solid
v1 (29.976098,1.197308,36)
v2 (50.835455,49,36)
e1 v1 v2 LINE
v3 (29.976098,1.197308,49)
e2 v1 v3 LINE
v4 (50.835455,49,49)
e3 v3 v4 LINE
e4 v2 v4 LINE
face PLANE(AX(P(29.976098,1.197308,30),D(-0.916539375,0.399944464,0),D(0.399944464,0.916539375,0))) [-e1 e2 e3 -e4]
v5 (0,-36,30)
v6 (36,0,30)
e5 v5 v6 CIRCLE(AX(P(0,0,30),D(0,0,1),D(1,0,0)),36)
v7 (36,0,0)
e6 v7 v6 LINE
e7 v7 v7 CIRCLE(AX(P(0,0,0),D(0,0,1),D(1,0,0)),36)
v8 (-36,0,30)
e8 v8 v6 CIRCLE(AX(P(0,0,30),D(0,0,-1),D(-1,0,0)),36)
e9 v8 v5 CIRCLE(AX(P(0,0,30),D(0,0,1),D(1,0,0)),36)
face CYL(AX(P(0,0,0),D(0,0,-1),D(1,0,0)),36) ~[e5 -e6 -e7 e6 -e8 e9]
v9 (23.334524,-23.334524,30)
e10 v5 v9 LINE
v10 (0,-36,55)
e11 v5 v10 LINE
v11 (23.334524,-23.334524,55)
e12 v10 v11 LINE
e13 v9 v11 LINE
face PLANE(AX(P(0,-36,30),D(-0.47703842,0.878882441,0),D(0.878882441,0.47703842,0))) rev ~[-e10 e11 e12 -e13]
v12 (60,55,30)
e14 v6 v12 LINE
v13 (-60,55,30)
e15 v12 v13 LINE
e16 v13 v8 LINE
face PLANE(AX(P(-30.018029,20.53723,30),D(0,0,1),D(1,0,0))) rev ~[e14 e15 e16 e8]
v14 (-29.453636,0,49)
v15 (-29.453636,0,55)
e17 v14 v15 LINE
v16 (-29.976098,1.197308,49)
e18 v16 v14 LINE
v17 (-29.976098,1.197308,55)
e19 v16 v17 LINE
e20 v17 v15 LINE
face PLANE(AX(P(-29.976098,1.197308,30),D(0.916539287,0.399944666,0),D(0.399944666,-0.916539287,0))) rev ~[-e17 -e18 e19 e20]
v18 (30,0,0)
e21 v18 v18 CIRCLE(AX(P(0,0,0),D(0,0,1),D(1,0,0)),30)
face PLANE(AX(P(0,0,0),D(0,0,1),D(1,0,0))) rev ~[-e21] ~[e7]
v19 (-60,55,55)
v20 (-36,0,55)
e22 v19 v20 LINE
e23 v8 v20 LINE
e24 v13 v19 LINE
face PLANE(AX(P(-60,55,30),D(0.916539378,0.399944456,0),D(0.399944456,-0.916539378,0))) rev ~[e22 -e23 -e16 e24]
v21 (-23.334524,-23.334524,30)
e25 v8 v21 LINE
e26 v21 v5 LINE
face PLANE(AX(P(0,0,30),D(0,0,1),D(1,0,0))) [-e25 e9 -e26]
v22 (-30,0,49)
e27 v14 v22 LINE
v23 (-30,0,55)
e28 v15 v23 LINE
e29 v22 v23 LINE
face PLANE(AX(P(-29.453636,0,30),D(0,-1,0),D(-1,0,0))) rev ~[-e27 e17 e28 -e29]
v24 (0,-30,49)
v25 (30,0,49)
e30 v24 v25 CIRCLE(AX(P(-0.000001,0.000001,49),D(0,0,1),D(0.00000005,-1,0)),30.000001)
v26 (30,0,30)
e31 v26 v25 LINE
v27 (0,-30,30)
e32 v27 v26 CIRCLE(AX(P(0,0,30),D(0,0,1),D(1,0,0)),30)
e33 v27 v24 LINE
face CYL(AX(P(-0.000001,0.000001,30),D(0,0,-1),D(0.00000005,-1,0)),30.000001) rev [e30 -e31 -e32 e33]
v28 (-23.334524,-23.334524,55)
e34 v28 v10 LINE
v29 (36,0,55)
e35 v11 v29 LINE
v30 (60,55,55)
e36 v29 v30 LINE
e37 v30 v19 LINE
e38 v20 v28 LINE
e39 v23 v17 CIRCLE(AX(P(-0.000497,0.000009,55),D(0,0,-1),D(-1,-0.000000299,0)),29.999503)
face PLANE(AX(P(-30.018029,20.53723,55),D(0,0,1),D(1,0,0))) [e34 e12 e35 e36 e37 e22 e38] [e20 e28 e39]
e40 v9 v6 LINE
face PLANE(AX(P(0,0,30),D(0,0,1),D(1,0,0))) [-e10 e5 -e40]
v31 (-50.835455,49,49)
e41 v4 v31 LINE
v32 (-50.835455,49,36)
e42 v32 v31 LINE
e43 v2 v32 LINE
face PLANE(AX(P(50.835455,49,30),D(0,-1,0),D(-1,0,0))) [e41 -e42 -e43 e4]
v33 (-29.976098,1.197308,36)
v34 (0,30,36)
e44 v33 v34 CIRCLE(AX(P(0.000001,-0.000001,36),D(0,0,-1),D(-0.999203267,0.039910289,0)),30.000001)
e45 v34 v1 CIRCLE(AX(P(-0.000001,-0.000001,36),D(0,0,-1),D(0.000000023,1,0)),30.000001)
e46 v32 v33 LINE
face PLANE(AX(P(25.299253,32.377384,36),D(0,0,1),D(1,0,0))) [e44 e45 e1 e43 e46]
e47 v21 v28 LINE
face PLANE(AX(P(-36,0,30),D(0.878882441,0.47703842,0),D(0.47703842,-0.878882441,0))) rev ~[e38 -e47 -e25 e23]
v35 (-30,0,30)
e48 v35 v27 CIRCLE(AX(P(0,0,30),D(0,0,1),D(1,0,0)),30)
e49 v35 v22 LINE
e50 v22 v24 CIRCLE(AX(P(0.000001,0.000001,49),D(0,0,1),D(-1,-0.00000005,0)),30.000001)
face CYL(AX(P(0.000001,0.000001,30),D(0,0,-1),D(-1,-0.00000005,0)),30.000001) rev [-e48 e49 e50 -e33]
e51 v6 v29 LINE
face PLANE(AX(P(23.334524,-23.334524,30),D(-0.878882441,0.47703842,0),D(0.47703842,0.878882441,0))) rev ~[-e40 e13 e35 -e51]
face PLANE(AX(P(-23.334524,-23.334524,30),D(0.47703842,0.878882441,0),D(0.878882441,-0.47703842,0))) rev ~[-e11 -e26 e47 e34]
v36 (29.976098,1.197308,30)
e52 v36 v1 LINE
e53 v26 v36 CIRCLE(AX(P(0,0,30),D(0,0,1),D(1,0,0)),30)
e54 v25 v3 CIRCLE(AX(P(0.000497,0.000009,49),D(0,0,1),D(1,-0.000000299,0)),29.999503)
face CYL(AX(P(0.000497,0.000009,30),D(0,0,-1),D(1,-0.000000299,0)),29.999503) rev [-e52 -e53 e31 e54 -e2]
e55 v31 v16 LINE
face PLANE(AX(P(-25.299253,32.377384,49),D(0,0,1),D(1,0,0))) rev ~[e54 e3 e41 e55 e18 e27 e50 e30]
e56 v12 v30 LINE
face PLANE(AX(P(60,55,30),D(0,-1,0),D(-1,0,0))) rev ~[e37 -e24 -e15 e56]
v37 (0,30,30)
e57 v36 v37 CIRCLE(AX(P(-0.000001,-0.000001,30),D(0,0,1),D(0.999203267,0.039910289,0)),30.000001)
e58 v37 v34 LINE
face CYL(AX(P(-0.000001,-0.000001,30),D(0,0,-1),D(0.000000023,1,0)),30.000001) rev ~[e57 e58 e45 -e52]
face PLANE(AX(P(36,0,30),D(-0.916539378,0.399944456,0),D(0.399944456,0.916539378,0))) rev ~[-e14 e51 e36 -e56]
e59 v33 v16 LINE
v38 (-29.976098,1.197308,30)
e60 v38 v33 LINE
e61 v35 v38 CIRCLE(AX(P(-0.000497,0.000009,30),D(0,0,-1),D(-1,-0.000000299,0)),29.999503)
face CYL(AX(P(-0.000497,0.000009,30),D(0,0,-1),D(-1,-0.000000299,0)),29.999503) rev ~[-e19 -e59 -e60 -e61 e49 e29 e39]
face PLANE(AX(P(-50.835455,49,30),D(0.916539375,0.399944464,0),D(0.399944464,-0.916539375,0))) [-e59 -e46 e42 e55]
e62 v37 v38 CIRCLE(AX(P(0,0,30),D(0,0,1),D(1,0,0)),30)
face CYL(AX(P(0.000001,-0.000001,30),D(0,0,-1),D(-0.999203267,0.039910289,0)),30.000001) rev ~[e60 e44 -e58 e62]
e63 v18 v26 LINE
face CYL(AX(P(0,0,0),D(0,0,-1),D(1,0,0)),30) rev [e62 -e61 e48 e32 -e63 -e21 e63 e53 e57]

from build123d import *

# Parameters (mm, degrees)
F0_R     = 36
F0_R_2   = 30
F1_DEPTH = 30
F4_DEPTH = 25
F5_DEPTH = 19
F6_DEPTH = 19
F7_DEPTH = 6


with BuildPart() as f1:
    # F0 (on Top) → F1 (new body)
    with BuildSketch(Plane.XY):
        Circle(F0_R)
        Circle(F0_R_2, mode=Mode.SUBTRACT)
    extrude(amount=F1_DEPTH)

    # F3 (on offset) → F4 (join)
    with BuildSketch(Plane.XY.offset(30)):
        with BuildLine():
            Line((0, -36), (0, -30))
            ThreePointArc((0, -30), (-21.213203, -21.213203), (-30, 0))
            ThreePointArc((-30, 0), (-29.994024, 0.598773), (-29.976098, 1.197308))
            Line((-29.976098, 1.197308), (-50.835455, 49))
            Line((-50.835455, 49), (0, 49))
            Line((0, 49), (0, 55))
            Line((0, 55), (-60, 55))
            Line((-60, 55), (-36, 0))
            Line((-36, 0), (-23.334524, -23.334524))
            Line((-23.334524, -23.334524), (0, -36))
        make_face()
        with BuildLine():
            ThreePointArc((30, 0), (21.213203, -21.213203), (0, -30))
            Line((0, -30), (0, -36))
            Line((0, -36), (23.334524, -23.334524))
            Line((23.334524, -23.334524), (36, 0))
            Line((36, 0), (60, 55))
            Line((60, 55), (0, 55))
            Line((0, 55), (0, 49))
            Line((0, 49), (50.835455, 49))
            Line((50.835455, 49), (29.976098, 1.197308))
            ThreePointArc((29.976098, 1.197308), (29.994024, 0.598773), (30, 0))
        make_face()
        with BuildLine():
            ThreePointArc((-29.976098, 1.197308), (-20.785581, 21.632374), (0, 30))
            Line((0, 30), (0, 49))
            Line((0, 49), (-50.835455, 49))
            Line((-50.835455, 49), (-29.976098, 1.197308))
        make_face()
        with BuildLine():
            Line((0, 49), (0, 30))
            ThreePointArc((0, 30), (20.785581, 21.632374), (29.976098, 1.197308))
            Line((29.976098, 1.197308), (50.835455, 49))
            Line((50.835455, 49), (0, 49))
        make_face()
        with BuildLine():
            Line((0, 30), (0, 0))
            Line((0, 0), (0, -30))
            Line((0, -30), (29.453636, 0))
            Line((29.453636, 0), (29.976098, 1.197308))
            ThreePointArc((29.976098, 1.197308), (20.785581, 21.632374), (0, 30))
        make_face()
        with BuildLine():
            Line((0, -30), (0, 0))
            Line((0, 0), (0, 30))
            ThreePointArc((0, 30), (-20.785581, 21.632374), (-29.976098, 1.197308))
            Line((-29.976098, 1.197308), (-29.453636, 0))
            Line((-29.453636, 0), (0, -30))
        make_face()
        with BuildLine():
            ThreePointArc((-30, 0), (-21.213203, -21.213203), (0, -30))
            Line((0, -30), (-29.453636, 0))
            Line((-29.453636, 0), (-30, 0))
        make_face()
        with BuildLine():
            Line((29.453636, 0), (0, -30))
            ThreePointArc((0, -30), (21.213203, -21.213203), (30, 0))
            ThreePointArc((30, 0), (29.994024, 0.598773), (29.976098, 1.197308))
            Line((29.976098, 1.197308), (29.453636, 0))
        make_face()
    extrude(amount=F4_DEPTH)

    # F3 (on offset) → F5 (cut)
    with BuildSketch(Plane.XY.offset(30)):
        with BuildLine():
            ThreePointArc((-30, 0), (-21.213203, -21.213203), (0, -30))
            Line((0, -30), (-29.453636, 0))
            Line((-29.453636, 0), (-30, 0))
        make_face()
        with BuildLine():
            Line((0, -30), (0, 0))
            Line((0, 0), (0, 30))
            ThreePointArc((0, 30), (-20.785581, 21.632374), (-29.976098, 1.197308))
            Line((-29.976098, 1.197308), (-29.453636, 0))
            Line((-29.453636, 0), (0, -30))
        make_face()
        with BuildLine():
            Line((0, 30), (0, 0))
            Line((0, 0), (0, -30))
            Line((0, -30), (29.453636, 0))
            Line((29.453636, 0), (29.976098, 1.197308))
            ThreePointArc((29.976098, 1.197308), (20.785581, 21.632374), (0, 30))
        make_face()
        with BuildLine():
            Line((29.453636, 0), (0, -30))
            ThreePointArc((0, -30), (21.213203, -21.213203), (30, 0))
            ThreePointArc((30, 0), (29.994024, 0.598773), (29.976098, 1.197308))
            Line((29.976098, 1.197308), (29.453636, 0))
        make_face()
    extrude(amount=F5_DEPTH, mode=Mode.SUBTRACT)

    # F3 (on offset) → F6 (cut)
    with BuildSketch(Plane.XY.offset(30)):
        with BuildLine():
            ThreePointArc((-29.976098, 1.197308), (-20.785581, 21.632374), (0, 30))
            Line((0, 30), (0, 49))
            Line((0, 49), (-50.835455, 49))
            Line((-50.835455, 49), (-29.976098, 1.197308))
        make_face()
        with BuildLine():
            Line((0, 49), (0, 30))
            ThreePointArc((0, 30), (20.785581, 21.632374), (29.976098, 1.197308))
            Line((29.976098, 1.197308), (50.835455, 49))
            Line((50.835455, 49), (0, 49))
        make_face()
    extrude(amount=F6_DEPTH, mode=Mode.SUBTRACT)

    # F3 (on offset) → F7 (join)
    with BuildSketch(Plane.XY.offset(30)):
        with BuildLine():
            Line((0, 49), (0, 30))
            ThreePointArc((0, 30), (20.785581, 21.632374), (29.976098, 1.197308))
            Line((29.976098, 1.197308), (50.835455, 49))
            Line((50.835455, 49), (0, 49))
        make_face()
        with BuildLine():
            ThreePointArc((-29.976098, 1.197308), (-20.785581, 21.632374), (0, 30))
            Line((0, 30), (0, 49))
            Line((0, 49), (-50.835455, 49))
            Line((-50.835455, 49), (-29.976098, 1.197308))
        make_face()
    extrude(amount=F7_DEPTH)


solid = f1.part
